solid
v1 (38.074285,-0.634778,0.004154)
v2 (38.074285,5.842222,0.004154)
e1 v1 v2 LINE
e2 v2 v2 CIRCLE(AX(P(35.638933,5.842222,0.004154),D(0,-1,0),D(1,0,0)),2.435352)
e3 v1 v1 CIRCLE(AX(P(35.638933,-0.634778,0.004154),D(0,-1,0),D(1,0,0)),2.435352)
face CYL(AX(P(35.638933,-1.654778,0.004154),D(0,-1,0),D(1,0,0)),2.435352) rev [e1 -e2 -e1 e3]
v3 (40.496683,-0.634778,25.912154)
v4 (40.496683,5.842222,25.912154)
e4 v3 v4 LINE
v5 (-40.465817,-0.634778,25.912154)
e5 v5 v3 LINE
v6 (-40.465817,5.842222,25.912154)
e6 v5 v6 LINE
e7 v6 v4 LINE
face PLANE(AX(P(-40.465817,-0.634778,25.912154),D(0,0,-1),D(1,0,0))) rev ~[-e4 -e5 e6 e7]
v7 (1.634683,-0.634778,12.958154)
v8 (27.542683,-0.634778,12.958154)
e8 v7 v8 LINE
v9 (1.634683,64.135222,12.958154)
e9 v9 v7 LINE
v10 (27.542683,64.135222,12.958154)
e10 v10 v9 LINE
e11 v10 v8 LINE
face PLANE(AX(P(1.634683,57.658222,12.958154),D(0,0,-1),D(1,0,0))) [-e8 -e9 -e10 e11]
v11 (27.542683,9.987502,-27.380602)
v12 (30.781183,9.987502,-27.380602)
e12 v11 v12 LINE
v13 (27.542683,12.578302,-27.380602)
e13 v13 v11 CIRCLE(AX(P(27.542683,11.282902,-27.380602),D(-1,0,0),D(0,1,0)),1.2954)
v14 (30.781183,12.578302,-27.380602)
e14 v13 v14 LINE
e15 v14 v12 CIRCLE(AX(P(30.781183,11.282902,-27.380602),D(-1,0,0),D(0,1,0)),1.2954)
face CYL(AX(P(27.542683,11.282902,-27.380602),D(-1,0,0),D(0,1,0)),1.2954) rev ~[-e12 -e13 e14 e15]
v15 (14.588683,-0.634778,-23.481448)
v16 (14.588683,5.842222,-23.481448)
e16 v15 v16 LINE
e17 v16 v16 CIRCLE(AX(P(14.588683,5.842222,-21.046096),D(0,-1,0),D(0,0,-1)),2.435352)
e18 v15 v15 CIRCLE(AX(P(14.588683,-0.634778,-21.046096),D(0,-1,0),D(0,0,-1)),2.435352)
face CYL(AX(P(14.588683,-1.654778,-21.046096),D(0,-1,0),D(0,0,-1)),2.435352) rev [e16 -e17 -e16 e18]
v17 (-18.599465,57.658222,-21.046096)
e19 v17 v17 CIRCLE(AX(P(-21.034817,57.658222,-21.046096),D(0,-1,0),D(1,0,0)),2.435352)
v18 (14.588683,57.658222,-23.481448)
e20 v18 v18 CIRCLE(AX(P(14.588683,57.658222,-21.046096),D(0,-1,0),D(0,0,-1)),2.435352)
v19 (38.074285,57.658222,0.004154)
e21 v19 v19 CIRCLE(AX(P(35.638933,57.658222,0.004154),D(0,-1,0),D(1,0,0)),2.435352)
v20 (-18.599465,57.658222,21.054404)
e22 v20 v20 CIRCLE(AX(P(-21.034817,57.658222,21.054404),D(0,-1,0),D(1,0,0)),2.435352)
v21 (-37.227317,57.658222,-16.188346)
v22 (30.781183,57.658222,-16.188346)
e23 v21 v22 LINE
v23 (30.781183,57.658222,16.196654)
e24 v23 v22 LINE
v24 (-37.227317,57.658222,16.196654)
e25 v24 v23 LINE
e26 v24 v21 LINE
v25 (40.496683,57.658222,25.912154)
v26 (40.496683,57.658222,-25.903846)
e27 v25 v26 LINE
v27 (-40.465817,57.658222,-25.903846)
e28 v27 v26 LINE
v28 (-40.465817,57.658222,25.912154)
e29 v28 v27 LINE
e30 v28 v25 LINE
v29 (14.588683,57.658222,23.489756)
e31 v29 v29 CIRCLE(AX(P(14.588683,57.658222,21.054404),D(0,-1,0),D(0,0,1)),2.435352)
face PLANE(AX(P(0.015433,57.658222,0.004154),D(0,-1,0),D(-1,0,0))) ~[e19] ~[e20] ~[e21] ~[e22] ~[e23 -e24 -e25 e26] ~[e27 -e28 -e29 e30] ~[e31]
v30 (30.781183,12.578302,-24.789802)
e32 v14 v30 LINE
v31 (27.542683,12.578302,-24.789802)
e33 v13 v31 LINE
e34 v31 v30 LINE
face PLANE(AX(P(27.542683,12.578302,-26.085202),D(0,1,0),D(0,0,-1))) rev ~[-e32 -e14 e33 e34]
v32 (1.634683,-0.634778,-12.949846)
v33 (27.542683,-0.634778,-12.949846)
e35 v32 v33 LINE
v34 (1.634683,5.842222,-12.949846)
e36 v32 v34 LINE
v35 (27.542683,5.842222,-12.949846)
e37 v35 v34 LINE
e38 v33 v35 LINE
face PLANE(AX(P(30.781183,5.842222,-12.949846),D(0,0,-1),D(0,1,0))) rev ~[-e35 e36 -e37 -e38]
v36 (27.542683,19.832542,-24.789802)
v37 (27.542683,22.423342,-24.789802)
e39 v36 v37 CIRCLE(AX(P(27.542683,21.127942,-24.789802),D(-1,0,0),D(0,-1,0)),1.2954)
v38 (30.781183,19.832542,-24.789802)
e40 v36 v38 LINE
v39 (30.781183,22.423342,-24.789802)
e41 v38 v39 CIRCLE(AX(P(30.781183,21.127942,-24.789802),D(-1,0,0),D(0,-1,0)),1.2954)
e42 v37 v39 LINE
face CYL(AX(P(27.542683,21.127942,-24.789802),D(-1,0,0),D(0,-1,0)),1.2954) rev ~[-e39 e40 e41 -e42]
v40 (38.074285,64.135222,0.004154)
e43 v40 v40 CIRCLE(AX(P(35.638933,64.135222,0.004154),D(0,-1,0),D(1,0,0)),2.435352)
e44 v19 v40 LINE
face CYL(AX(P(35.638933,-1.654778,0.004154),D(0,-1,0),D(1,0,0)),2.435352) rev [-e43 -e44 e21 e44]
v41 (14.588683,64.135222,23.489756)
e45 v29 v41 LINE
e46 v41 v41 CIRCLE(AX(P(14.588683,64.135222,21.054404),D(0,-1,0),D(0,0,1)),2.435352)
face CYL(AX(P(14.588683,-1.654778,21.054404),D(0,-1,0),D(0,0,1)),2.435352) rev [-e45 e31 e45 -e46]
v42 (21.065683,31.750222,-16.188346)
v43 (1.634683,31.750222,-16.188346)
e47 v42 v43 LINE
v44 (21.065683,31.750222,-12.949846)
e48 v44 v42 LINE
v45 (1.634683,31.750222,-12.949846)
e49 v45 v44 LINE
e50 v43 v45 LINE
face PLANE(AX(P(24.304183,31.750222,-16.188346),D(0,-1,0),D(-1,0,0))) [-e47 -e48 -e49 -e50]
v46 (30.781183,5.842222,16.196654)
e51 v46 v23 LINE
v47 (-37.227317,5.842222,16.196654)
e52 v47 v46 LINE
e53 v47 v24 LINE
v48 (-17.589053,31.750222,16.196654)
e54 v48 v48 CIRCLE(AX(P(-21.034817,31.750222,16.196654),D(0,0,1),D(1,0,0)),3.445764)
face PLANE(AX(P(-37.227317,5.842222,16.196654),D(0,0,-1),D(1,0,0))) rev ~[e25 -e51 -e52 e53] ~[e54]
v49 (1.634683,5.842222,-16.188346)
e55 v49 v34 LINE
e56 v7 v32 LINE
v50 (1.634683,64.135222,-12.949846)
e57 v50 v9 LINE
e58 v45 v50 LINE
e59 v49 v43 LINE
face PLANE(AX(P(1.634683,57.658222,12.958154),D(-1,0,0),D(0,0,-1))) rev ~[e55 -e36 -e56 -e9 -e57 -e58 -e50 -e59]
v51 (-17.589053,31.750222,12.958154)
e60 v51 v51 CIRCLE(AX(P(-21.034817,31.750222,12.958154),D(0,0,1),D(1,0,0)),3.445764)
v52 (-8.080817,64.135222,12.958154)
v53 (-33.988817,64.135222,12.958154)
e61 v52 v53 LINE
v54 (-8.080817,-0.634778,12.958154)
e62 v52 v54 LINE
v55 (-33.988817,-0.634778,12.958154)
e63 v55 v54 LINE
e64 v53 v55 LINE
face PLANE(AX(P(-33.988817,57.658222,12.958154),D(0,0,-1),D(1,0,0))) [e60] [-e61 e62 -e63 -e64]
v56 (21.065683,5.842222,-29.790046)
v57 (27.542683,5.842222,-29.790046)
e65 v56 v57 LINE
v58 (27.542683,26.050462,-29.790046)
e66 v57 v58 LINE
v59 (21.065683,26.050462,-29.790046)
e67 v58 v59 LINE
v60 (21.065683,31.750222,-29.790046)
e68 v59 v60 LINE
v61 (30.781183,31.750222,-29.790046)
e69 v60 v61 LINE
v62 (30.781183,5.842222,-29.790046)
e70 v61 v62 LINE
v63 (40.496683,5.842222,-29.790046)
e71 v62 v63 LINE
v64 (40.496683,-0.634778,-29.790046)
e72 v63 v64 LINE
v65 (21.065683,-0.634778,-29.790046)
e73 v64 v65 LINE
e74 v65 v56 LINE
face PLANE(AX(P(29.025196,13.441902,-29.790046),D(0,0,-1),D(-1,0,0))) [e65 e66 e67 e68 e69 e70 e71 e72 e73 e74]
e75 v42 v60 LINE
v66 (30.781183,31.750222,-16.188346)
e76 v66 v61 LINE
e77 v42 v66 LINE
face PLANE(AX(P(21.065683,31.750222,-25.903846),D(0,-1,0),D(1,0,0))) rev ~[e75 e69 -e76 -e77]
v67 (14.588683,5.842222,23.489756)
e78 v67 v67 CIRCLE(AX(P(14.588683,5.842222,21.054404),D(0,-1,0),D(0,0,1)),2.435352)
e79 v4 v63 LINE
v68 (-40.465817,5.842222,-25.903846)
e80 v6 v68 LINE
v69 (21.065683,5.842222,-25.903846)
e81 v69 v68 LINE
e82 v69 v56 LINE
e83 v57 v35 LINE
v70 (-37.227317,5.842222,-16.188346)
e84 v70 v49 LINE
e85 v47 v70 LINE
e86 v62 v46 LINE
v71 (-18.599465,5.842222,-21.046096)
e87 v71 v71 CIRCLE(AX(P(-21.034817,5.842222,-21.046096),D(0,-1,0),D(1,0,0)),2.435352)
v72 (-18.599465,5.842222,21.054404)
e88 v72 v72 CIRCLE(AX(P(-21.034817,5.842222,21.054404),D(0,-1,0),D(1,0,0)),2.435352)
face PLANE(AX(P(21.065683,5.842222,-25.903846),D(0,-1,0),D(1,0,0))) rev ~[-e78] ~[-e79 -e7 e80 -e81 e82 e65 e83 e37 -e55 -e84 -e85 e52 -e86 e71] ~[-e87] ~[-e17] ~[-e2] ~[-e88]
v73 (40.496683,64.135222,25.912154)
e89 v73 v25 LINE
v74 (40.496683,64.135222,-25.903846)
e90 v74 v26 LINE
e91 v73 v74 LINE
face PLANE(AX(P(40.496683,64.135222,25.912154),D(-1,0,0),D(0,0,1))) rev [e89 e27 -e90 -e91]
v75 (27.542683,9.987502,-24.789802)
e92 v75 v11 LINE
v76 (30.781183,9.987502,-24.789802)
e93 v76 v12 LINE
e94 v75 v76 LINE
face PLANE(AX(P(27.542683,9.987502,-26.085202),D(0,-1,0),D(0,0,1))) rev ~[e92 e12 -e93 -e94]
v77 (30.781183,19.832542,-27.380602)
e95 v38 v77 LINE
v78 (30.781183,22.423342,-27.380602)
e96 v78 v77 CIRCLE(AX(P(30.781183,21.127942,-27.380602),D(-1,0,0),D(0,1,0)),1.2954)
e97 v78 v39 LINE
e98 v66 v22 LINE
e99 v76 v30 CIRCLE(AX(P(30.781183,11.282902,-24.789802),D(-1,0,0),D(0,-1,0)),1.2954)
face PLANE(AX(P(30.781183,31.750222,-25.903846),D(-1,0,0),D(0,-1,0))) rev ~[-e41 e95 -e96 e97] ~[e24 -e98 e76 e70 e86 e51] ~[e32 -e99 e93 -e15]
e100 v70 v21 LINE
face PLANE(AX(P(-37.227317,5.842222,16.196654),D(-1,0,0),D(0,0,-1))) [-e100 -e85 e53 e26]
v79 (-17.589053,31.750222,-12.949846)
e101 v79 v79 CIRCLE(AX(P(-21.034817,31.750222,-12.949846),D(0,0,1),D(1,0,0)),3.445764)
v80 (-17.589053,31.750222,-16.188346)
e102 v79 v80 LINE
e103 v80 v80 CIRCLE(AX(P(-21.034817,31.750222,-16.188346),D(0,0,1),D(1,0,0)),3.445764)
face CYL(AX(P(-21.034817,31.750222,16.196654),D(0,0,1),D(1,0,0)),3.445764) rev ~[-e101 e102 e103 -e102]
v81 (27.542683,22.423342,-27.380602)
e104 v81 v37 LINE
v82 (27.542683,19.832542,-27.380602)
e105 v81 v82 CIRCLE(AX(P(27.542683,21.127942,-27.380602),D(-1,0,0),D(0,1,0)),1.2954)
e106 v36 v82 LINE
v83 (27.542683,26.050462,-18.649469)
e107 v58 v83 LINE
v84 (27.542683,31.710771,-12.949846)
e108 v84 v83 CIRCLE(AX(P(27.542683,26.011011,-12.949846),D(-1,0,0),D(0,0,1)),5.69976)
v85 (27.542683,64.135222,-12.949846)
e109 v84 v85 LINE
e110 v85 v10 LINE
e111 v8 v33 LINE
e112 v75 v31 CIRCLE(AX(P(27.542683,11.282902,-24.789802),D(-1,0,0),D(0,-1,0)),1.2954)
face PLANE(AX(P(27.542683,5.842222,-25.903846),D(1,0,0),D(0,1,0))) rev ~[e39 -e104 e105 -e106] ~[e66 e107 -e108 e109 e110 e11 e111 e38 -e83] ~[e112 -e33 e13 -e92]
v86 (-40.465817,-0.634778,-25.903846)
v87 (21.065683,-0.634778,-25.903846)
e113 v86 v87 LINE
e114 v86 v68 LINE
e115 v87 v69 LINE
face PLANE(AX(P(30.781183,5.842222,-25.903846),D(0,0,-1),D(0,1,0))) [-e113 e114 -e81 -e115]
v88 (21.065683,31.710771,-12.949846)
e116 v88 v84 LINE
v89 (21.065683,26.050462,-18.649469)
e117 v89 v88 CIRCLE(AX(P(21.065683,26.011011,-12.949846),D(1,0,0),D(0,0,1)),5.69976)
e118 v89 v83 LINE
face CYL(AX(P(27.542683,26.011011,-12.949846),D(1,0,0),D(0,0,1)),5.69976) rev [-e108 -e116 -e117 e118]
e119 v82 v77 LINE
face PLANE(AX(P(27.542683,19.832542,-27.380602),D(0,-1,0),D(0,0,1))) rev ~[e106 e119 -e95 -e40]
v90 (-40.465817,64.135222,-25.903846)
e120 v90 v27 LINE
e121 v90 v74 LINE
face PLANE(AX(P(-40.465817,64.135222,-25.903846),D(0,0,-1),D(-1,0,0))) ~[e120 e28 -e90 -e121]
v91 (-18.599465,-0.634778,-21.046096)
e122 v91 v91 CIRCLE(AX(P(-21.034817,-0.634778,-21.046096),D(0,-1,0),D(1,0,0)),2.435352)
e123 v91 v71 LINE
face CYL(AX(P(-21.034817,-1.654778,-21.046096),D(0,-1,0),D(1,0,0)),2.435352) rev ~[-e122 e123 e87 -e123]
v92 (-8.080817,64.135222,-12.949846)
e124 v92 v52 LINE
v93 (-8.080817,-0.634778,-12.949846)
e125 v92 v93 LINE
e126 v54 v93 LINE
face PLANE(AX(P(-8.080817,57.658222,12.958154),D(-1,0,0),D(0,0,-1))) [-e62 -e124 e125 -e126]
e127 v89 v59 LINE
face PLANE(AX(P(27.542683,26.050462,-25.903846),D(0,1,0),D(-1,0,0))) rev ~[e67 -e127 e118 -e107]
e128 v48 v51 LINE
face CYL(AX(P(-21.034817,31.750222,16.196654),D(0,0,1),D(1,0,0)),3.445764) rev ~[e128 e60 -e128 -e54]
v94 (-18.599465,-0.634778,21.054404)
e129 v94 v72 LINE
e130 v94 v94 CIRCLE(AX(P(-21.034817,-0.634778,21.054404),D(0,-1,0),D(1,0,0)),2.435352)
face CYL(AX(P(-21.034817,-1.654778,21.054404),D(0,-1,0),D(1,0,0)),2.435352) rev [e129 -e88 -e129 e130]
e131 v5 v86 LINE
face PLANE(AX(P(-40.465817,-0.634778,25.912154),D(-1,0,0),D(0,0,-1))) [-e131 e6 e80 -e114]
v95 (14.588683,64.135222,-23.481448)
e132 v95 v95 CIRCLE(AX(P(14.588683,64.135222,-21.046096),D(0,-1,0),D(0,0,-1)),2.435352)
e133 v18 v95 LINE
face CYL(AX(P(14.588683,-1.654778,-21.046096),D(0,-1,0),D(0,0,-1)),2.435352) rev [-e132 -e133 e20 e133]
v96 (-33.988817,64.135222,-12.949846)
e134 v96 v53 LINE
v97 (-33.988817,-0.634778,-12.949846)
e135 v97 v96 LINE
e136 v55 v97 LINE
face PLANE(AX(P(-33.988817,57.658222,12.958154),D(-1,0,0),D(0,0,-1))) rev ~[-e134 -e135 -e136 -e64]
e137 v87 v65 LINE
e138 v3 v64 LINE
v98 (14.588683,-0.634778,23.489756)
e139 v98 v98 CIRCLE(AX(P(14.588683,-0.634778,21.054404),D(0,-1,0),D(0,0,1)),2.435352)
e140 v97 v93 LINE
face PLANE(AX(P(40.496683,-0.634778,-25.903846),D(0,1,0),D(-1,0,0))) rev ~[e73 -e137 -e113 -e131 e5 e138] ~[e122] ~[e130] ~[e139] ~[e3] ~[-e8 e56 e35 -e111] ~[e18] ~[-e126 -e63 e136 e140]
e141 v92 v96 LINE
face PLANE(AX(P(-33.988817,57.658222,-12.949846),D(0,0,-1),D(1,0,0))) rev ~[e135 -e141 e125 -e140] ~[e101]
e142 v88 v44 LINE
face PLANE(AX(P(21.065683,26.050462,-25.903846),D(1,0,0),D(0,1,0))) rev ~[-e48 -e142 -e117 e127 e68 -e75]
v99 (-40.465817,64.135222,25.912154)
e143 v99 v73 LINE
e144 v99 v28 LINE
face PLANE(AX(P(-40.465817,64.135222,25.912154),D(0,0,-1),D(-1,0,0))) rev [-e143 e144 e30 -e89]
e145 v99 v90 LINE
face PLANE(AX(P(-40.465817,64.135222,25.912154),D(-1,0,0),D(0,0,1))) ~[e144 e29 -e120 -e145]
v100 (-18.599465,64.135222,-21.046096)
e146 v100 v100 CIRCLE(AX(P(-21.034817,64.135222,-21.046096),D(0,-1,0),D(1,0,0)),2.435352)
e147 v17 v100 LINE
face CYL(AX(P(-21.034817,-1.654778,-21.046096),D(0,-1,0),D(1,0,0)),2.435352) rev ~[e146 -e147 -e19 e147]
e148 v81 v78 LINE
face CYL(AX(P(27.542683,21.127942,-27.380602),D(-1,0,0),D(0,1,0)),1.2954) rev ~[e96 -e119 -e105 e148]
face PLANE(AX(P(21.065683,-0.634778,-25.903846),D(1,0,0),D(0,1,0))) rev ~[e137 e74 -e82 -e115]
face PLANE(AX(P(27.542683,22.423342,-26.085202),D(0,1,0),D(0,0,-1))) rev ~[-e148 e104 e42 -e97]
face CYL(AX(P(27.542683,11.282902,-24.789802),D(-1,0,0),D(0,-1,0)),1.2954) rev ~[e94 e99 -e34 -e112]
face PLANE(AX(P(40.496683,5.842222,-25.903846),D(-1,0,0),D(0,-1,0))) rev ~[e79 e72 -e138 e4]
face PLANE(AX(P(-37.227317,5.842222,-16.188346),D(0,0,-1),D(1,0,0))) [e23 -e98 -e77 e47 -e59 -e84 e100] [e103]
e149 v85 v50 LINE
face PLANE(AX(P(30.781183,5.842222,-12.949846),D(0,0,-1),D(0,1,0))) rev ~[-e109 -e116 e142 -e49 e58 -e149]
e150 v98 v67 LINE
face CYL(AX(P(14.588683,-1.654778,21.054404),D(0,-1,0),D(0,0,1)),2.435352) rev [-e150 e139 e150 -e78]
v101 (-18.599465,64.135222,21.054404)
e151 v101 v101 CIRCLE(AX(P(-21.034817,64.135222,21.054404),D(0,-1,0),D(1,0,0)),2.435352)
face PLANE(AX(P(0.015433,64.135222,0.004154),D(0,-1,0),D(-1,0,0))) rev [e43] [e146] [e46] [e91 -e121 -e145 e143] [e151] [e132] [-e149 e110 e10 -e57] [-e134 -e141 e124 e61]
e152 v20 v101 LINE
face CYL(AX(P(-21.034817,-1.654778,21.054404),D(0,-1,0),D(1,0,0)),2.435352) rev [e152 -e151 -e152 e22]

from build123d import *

# Parameters (mm, degrees)
SKETCH2_W               = 79.375
SKETCH2_H               = 50.8
BOSS_EXTRUDE1_DEPTH     = 6.35
SKETCH3_W               = 66.675
SKETCH3_H               = 31.75
SKETCH3_W_2             = 25.4
SKETCH3_H_2             = 25.4
BOSS_EXTRUDE3_DEPTH     = 50.8
SKETCH4_W               = 25.4
SKETCH4_H               = 25.4
CUT_EXTRUDE4_DEPTH      = 7.35
CUT_EXTRUDE4_DEPTH_BACK = 58.15
SKETCH5_R               = 3.3782
CUT_EXTRUDE5_DEPTH      = 42.275
CUT_EXTRUDE6_START      = -7.35
SKETCH6_R               = 2.3876
CUT_EXTRUDE6_DEPTH      = 65.5
CIRPATTERN1_COUNT       = 4
CUT_EXTRUDE7_START      = -7.35
SKETCH7_R               = 2.3876
CUT_EXTRUDE7_DEPTH      = 65.5
CUT_EXTRUDE8_REACH      = 43.275
SKETCH9_W               = 22.225
SKETCH9_H               = 25.4
SKETCH12_W              = 12.7
SKETCH12_H              = 25.4
BOSS_EXTRUDE5_DEPTH     = 9.525
SKETCH14_W              = 12.7
SKETCH14_H              = 19.812
CUT_EXTRUDE9_DEPTH      = 6.35
SKETCH17_R              = 5.588
CUT_EXTRUDE11_DEPTH     = 6.985
BOSS_EXTRUDE6_DEPTH     = 3.81
CUT_EXTRUDE10_REACH     = 14.7
SKETCH15_R              = 1.27
SCALE1_SCALE            = 1.02


with BuildPart() as part:
    # Sketch2 → Boss-Extrude1 (new body)
    with BuildSketch(Plane(origin=(0, 0, 0), x_dir=(1, 0, 0), z_dir=(0, 1, 0))):
        Rectangle(SKETCH2_W, SKETCH2_H)
    boss_extrude1 = extrude(amount=BOSS_EXTRUDE1_DEPTH)

    # Sketch3 → Boss-Extrude3 (add)
    with BuildSketch(Plane(origin=(0, 6.35, 0), x_dir=(1, 0, 0), z_dir=(0, 1, 0))):
        with Locations((-3.175, 0)):
            Rectangle(SKETCH3_W, SKETCH3_H)
        with Locations((-20.6375, 0)):
            Rectangle(SKETCH3_W_2, SKETCH3_H_2, mode=Mode.SUBTRACT)
        with Locations((14.2875, 0)):
            Rectangle(SKETCH3_W_2, SKETCH3_H_2, mode=Mode.SUBTRACT)
    extrude(amount=BOSS_EXTRUDE3_DEPTH)

    # Mirror1: Boss-Extrude1 across plane
    add(boss_extrude1.mirror(Plane.ZX.offset(31.75)))

    # Sketch4 → Cut-Extrude4 (cut, two sides)
    with BuildSketch(Plane(origin=(0, 57.15, 0), x_dir=(1, 0, 0), z_dir=(0, 1, 0))) as cut_extrude4_sk:
        with Locations((-20.6375, 0)):
            Rectangle(SKETCH4_W, SKETCH4_H)
        with Locations((14.2875, 0)):
            Rectangle(SKETCH4_W, SKETCH4_H)
    extrude(amount=CUT_EXTRUDE4_DEPTH, mode=Mode.SUBTRACT)
    extrude(cut_extrude4_sk.sketch, amount=-CUT_EXTRUDE4_DEPTH_BACK, mode=Mode.SUBTRACT)

    # Sketch5 → Cut-Extrude5 (cut, through all)
    with BuildSketch(Plane.XY.offset(15.875)):
        with Locations((-20.6375, 31.75)):
            Circle(SKETCH5_R)
    extrude(amount=-CUT_EXTRUDE5_DEPTH, mode=Mode.SUBTRACT)

    # Sketch6 → Cut-Extrude6 (cut)
    with BuildSketch(Plane(origin=(0, 6.35, 0), x_dir=(1, 0, 0), z_dir=(0, 1, 0)).offset(CUT_EXTRUDE6_START)):
        with Locations((34.925, 0)):
            Circle(SKETCH6_R)
    cut_extrude6 = extrude(amount=CUT_EXTRUDE6_DEPTH, mode=Mode.SUBTRACT)

    # CirPattern1: Cut-Extrude6 ×4 about axis, 1 skipped
    cirpattern1_axis = Axis((14.2875, 0, 0), (0, 1, 0))
    add([cut_extrude6.rotate(cirpattern1_axis, i * 360 / CIRPATTERN1_COUNT) for i in range(1, CIRPATTERN1_COUNT) if i not in (2,)], mode=Mode.SUBTRACT)

    # Sketch7 → Cut-Extrude7 (cut)
    with BuildSketch(Plane(origin=(0, 6.35, 0), x_dir=(1, 0, 0), z_dir=(0, 1, 0)).offset(CUT_EXTRUDE7_START)):
        with Locations((-20.6375, -20.6375)):
            Circle(SKETCH7_R)
    cut_extrude7 = extrude(amount=CUT_EXTRUDE7_DEPTH, mode=Mode.SUBTRACT)

    # Mirror2: Cut-Extrude7 across plane
    add(cut_extrude7.mirror(Plane.XY), mode=Mode.SUBTRACT)

    # Sketch9 → Cut-Extrude8 (cut, up to next)
    with BuildSketch(Plane(origin=(0, 0, -15.875), x_dir=(-1, 0, 0), z_dir=(0, 0, -1)), mode=Mode.PRIVATE) as cut_extrude8_sk1:
        with Locations((-12.7, 19.05)):
            Rectangle(SKETCH9_W, SKETCH9_H)
    cut_extrude8_tool1 = extrude(cut_extrude8_sk1.sketch, amount=-CUT_EXTRUDE8_REACH, mode=Mode.PRIVATE) & part.part
    add(cut_extrude8_tool1.solids().sort_by_distance((12.7, 19.05, -15.875))[0], mode=Mode.SUBTRACT)

    # Sketch12 → Boss-Extrude5 (add)
    with BuildSketch(Plane(origin=(30.1625, 0, 0), x_dir=(0, 0, -1), z_dir=(1, 0, 0))):
        with Locations((19.05, 19.05)):
            Rectangle(SKETCH12_W, SKETCH12_H)
    extrude(amount=-BOSS_EXTRUDE5_DEPTH)

    # Sketch14 → Cut-Extrude9 (cut)
    with BuildSketch(Plane.ZY.offset(-20.6375)):
        with Locations((-19.05, 16.256)):
            Rectangle(SKETCH14_W, SKETCH14_H)
    extrude(amount=-CUT_EXTRUDE9_DEPTH, mode=Mode.SUBTRACT)

    # Sketch17 → Cut-Extrude11 (cut)
    with BuildSketch(Plane.ZY.offset(-26.9875)):
        with Locations((-12.7, 26.123322238)):
            Circle(SKETCH17_R)
    extrude(amount=CUT_EXTRUDE11_DEPTH, mode=Mode.SUBTRACT)

    # Sketch19 → Boss-Extrude6 (add)
    with BuildSketch(Plane(origin=(0, 0, -25.4), x_dir=(-1, 0, 0), z_dir=(0, 0, -1))):
        Polygon((-26.9875, 26.162), (-20.6375, 26.162), (-20.6375, 31.75), (-30.1625, 31.75), (-30.1625, 6.35), (-39.6875, 6.35), (-39.6875, 0), (-20.6375, 0), (-20.6375, 6.35), (-26.9875, 6.35), align=None)
    extrude(amount=BOSS_EXTRUDE6_DEPTH)

    # Sketch15 → Cut-Extrude10 (cut, up to next)
    with BuildSketch(Plane.ZY.offset(-26.9875), mode=Mode.PRIVATE) as cut_extrude10_sk1:
        with BuildLine():
            Line((-24.3078, 12.954), (-25.5778, 12.954))
            ThreePointArc((-25.5778, 12.954), (-24.679774388, 12.582025612), (-24.3078, 11.684))
            ThreePointArc((-24.3078, 11.684), (-24.679774388, 10.785974388), (-25.5778, 10.414))
            Line((-25.5778, 10.414), (-24.3078, 10.414))
            ThreePointArc((-24.3078, 10.414), (-23.0378, 11.684), (-24.3078, 12.954))
        make_face()
    cut_extrude10_tool1 = extrude(cut_extrude10_sk1.sketch, amount=-CUT_EXTRUDE10_REACH, mode=Mode.PRIVATE) & part.part
    add(cut_extrude10_tool1.solids().sort_by_distance((26.9875, 11.684, -23.945344))[0], mode=Mode.SUBTRACT)
    # Sketch15 → Cut-Extrude10 (cut, up to next)
    with BuildSketch(Plane.ZY.offset(-26.9875), mode=Mode.PRIVATE) as cut_extrude10_sk2:
        with BuildLine():
            Line((-25.5778, 12.954), (-26.8478, 12.954))
            ThreePointArc((-26.8478, 12.954), (-28.1178, 11.684), (-26.8478, 10.414))
            Line((-26.8478, 10.414), (-25.5778, 10.414))
            ThreePointArc((-25.5778, 10.414), (-26.8478, 11.684), (-25.5778, 12.954))
        make_face()
    cut_extrude10_tool2 = extrude(cut_extrude10_sk2.sketch, amount=-CUT_EXTRUDE10_REACH, mode=Mode.PRIVATE) & part.part
    add(cut_extrude10_tool2.solids().sort_by_distance((26.9875, 11.684, -27.210256))[0], mode=Mode.SUBTRACT)
    # Sketch15 → Cut-Extrude10 (cut, up to next)
    with BuildSketch(Plane.ZY.offset(-26.9875), mode=Mode.PRIVATE) as cut_extrude10_sk3:
        with Locations((-25.5778, 11.684)):
            Circle(SKETCH15_R)
    cut_extrude10_tool3 = extrude(cut_extrude10_sk3.sketch, amount=-CUT_EXTRUDE10_REACH, mode=Mode.PRIVATE) & part.part
    add(cut_extrude10_tool3.solids().sort_by_distance((26.9875, 11.684, -25.5778))[0], mode=Mode.SUBTRACT)
    # Sketch15 → Cut-Extrude10 (cut, up to next)
    with BuildSketch(Plane.ZY.offset(-26.9875), mode=Mode.PRIVATE) as cut_extrude10_sk4:
        with BuildLine():
            Line((-24.3078, 22.606), (-25.5778, 22.606))
            ThreePointArc((-25.5778, 22.606), (-24.679774388, 22.234025612), (-24.3078, 21.336))
            ThreePointArc((-24.3078, 21.336), (-24.679774388, 20.437974388), (-25.5778, 20.066))
            Line((-25.5778, 20.066), (-24.3078, 20.066))
            ThreePointArc((-24.3078, 20.066), (-23.0378, 21.336), (-24.3078, 22.606))
        make_face()
    cut_extrude10_tool4 = extrude(cut_extrude10_sk4.sketch, amount=-CUT_EXTRUDE10_REACH, mode=Mode.PRIVATE) & part.part
    add(cut_extrude10_tool4.solids().sort_by_distance((26.9875, 21.336, -23.945344))[0], mode=Mode.SUBTRACT)
    # Sketch15 → Cut-Extrude10 (cut, up to next)
    with BuildSketch(Plane.ZY.offset(-26.9875), mode=Mode.PRIVATE) as cut_extrude10_sk5:
        with Locations((-25.5778, 21.336)):
            Circle(SKETCH15_R)
    cut_extrude10_tool5 = extrude(cut_extrude10_sk5.sketch, amount=-CUT_EXTRUDE10_REACH, mode=Mode.PRIVATE) & part.part
    add(cut_extrude10_tool5.solids().sort_by_distance((26.9875, 21.336, -25.5778))[0], mode=Mode.SUBTRACT)
    # Sketch15 → Cut-Extrude10 (cut, up to next)
    with BuildSketch(Plane.ZY.offset(-26.9875), mode=Mode.PRIVATE) as cut_extrude10_sk6:
        with BuildLine():
            Line((-25.5778, 22.606), (-26.8478, 22.606))
            ThreePointArc((-26.8478, 22.606), (-28.1178, 21.336), (-26.8478, 20.066))
            Line((-26.8478, 20.066), (-25.5778, 20.066))
            ThreePointArc((-25.5778, 20.066), (-26.8478, 21.336), (-25.5778, 22.606))
        make_face()
    cut_extrude10_tool6 = extrude(cut_extrude10_sk6.sketch, amount=-CUT_EXTRUDE10_REACH, mode=Mode.PRIVATE) & part.part
    add(cut_extrude10_tool6.solids().sort_by_distance((26.9875, 21.336, -27.210256))[0], mode=Mode.SUBTRACT)


with BuildPart() as part_1:
    # Scale1: scaled about (-0.77165693, 31.73889904, -0.207713898)
    add(part.part.scale(SCALE1_SCALE).moved(Location((0.015433139, -0.634777981, 0.004154278))))


solid = part_1.part
